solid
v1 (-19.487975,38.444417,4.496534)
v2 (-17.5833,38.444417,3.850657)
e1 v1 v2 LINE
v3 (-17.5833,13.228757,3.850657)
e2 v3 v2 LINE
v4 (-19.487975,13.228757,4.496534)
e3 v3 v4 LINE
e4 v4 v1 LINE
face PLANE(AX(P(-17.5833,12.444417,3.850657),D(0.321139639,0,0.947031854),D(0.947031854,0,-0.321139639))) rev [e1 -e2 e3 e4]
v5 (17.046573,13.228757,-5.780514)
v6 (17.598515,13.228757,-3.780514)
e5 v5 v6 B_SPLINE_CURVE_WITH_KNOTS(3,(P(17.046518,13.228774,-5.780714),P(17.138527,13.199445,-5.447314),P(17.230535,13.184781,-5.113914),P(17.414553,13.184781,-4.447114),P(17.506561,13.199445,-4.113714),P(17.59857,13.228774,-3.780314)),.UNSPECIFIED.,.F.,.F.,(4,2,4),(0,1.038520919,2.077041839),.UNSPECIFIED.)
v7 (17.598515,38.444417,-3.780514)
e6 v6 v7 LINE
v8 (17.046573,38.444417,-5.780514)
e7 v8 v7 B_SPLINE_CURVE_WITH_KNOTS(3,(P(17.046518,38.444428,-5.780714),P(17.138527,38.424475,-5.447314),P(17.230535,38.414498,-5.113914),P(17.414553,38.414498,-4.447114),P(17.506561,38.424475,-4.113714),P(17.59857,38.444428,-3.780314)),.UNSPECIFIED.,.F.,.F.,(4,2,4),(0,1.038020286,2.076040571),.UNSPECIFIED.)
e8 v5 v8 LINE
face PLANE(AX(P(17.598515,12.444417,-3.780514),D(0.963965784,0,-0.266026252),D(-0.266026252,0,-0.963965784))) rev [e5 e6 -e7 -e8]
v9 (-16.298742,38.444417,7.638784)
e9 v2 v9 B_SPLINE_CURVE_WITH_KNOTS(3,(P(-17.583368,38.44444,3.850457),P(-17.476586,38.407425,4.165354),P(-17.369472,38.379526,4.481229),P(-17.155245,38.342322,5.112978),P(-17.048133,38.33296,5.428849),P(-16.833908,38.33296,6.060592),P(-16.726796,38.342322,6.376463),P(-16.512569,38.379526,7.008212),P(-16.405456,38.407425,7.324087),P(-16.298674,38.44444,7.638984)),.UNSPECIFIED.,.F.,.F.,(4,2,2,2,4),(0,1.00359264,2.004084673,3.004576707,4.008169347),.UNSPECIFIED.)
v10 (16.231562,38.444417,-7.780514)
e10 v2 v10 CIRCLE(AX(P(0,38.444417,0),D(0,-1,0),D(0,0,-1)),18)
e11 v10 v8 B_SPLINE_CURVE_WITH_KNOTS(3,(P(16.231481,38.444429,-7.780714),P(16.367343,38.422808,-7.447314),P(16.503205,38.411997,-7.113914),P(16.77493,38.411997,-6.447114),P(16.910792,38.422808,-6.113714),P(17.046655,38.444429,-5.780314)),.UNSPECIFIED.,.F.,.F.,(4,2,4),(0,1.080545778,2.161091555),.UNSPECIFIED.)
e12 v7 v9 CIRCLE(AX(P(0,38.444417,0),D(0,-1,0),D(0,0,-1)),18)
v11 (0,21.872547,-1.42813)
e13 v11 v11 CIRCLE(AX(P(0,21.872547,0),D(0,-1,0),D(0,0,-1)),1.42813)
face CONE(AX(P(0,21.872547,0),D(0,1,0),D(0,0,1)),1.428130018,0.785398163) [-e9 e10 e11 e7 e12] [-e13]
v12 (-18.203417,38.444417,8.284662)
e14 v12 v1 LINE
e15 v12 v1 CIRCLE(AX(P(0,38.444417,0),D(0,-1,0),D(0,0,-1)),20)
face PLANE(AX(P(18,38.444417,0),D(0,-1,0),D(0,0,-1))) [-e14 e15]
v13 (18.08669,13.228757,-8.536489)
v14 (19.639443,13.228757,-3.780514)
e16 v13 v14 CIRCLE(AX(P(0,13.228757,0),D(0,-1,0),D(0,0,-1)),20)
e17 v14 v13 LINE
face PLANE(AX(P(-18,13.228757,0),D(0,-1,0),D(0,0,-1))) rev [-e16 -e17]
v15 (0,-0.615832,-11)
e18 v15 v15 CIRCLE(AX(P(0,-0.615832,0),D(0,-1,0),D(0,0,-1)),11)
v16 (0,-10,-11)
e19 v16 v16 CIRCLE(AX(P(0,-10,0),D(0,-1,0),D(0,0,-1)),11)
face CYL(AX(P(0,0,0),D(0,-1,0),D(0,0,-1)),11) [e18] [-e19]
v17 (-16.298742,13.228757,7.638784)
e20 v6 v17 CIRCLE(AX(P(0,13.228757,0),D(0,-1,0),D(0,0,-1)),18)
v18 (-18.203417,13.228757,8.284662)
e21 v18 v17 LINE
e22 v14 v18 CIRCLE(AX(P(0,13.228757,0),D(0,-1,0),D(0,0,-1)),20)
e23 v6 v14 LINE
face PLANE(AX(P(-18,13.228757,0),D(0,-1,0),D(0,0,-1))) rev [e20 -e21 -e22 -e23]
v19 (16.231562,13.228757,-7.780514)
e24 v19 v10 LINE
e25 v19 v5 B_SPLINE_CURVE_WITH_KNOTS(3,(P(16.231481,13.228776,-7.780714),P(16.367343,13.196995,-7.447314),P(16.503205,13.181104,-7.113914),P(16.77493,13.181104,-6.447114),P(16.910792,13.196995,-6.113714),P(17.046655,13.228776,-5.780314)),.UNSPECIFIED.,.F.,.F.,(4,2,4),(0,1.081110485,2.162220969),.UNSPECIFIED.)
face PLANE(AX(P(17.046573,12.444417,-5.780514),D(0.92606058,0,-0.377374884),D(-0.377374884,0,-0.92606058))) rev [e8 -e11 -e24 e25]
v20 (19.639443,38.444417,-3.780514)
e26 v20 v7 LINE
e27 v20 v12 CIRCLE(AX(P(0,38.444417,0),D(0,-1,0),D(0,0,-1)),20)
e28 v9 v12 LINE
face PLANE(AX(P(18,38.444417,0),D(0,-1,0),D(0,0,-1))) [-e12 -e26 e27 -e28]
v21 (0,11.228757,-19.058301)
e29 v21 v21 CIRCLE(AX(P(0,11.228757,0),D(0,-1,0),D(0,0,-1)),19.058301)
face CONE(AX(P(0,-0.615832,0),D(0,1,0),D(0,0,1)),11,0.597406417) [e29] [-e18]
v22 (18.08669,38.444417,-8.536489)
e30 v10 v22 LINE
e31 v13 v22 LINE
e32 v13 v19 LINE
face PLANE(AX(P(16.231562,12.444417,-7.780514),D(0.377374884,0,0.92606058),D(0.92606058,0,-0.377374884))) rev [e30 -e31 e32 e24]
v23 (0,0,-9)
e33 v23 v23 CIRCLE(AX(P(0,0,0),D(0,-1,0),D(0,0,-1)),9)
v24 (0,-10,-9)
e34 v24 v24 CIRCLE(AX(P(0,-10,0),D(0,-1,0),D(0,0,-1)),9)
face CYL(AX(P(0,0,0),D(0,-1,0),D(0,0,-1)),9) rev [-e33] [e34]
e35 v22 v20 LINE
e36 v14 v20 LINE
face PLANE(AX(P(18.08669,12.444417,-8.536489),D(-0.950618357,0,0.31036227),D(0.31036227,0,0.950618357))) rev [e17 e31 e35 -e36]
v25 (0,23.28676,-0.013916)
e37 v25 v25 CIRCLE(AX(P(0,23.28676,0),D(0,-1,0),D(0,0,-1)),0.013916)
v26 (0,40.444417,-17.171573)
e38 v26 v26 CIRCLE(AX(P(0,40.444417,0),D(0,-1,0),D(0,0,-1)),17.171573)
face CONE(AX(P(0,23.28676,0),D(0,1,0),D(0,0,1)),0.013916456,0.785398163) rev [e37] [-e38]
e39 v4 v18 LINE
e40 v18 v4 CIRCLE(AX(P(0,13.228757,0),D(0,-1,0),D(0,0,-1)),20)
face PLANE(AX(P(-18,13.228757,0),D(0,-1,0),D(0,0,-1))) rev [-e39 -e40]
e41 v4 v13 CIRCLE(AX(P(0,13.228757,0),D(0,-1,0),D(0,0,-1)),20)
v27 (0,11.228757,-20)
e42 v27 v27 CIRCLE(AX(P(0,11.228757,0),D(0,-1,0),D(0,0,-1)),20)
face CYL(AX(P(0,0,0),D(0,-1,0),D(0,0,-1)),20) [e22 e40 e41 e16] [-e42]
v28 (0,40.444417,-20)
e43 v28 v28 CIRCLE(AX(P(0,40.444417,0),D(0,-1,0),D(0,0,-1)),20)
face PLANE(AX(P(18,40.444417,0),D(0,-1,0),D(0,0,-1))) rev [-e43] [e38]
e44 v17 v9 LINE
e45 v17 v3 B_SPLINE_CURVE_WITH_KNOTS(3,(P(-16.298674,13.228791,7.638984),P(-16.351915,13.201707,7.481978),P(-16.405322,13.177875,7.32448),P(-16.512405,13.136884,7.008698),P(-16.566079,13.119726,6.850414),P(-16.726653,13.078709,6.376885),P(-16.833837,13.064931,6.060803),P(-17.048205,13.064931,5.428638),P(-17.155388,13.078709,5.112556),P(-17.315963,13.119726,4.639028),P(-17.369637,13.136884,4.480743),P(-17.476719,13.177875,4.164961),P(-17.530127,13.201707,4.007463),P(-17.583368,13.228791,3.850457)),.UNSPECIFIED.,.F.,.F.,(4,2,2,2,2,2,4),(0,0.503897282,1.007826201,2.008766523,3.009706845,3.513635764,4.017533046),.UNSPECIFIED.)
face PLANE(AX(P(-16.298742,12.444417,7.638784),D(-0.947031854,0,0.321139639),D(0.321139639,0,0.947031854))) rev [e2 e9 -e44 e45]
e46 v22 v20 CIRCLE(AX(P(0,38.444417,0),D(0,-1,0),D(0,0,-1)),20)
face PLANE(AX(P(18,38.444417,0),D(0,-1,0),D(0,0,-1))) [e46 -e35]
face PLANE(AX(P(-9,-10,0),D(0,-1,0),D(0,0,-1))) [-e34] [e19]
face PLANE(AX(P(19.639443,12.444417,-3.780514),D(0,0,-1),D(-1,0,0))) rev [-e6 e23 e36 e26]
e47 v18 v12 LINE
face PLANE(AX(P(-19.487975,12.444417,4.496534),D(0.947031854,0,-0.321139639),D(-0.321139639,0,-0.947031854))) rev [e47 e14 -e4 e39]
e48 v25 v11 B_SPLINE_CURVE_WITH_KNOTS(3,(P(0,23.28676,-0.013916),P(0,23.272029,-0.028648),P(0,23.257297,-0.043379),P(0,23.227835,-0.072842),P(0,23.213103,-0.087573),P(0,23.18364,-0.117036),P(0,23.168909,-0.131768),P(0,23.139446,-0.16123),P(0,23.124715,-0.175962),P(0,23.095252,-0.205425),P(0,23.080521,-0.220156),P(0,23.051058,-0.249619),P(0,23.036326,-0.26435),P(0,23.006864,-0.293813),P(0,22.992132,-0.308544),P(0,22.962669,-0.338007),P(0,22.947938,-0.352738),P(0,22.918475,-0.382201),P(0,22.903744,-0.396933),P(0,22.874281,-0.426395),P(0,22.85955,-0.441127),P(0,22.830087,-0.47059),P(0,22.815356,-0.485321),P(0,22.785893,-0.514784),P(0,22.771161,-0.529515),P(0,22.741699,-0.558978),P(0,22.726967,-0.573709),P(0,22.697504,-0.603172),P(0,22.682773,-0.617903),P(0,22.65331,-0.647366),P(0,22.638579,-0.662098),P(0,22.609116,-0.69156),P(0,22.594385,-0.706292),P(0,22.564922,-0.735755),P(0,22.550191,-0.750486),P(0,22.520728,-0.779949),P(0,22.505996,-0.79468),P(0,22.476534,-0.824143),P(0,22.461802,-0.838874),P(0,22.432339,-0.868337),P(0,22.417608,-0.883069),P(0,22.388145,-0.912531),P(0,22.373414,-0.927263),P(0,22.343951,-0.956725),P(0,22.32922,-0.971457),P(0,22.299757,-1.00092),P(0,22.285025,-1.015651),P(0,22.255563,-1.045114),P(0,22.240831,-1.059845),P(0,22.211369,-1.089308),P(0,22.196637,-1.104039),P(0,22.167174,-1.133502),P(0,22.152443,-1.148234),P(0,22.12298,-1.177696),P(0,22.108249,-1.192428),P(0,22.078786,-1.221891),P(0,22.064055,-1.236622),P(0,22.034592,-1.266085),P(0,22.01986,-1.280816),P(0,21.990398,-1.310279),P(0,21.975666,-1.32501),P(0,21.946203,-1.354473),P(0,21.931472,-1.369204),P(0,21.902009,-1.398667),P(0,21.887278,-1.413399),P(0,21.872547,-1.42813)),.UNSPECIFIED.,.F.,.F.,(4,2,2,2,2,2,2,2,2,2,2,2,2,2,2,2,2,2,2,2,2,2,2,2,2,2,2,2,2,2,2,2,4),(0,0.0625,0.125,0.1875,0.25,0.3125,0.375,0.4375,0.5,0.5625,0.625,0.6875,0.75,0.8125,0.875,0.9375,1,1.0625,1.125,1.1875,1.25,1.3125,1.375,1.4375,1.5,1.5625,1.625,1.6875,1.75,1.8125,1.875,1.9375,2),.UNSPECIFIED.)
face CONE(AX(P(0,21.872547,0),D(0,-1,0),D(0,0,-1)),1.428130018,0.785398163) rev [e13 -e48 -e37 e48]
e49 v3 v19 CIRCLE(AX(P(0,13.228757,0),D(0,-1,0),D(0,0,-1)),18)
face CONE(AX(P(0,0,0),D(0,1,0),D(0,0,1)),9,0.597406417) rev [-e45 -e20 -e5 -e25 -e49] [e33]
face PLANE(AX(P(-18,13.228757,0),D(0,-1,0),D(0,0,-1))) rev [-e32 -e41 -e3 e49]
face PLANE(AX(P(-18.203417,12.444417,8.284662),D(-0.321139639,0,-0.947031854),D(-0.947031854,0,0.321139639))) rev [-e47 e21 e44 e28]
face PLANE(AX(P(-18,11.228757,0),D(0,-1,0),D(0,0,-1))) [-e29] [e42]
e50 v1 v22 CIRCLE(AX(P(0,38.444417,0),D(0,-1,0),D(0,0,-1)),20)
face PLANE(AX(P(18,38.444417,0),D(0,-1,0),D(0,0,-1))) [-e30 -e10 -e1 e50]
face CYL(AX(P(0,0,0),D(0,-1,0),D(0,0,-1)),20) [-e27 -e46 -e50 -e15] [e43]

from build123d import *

# Parameters (mm, degrees)
BOSS_EXTRUDE1_DEPTH = 26


with BuildPart() as part:
    # Sketch1 → Revolve-Thin3 (revolve)
    with BuildSketch(Plane.XY, mode=Mode.PRIVATE) as revolve_thin3_sk:
        Polygon((-20, 13.228756555), (-18, 13.228756555), (-9, 0), (-9, -10), (-11, -10), (-11, -0.615831877), (-19.058300524, 11.228756555), (-20, 11.228756555), align=None)
    revolve(revolve_thin3_sk.sketch.rotate(Axis((0, 0, 0), (0, 1, 0)), 270), axis=Axis((0, 0, 0), (0, 1, 0)))



with BuildPart() as body_2:
    # Sketch5 → Revolve-Thin5 (revolve)
    with BuildSketch(Plane.XY, mode=Mode.PRIVATE) as revolve_thin5_sk:
        Polygon((1.428130018, 21.872546541), (18, 38.444416522), (20, 38.444416522), (20, 40.444416522), (17.171572875, 40.444416522), (0.013916456, 23.286760103), align=None)
    revolve(revolve_thin5_sk.sketch.rotate(Axis((0, 0, 0), (0, 1, 0)), 270), axis=Axis((0, 0, 0), (0, 1, 0)))


with BuildPart() as part_1:
    add(part.part)

    add(body_2.part)  # Boss-Extrude1 merges body 2
    # Sketch7 → Boss-Extrude1 (add)
    with BuildSketch(Plane.XZ.offset(-38.444416522)):
        Polygon((-18.203416664, 8.284661837), (-16.298741538, 7.638784214), (-17.583300095, 3.850656798), (-19.487975221, 4.496534421), align=None)
        Polygon((17.046573369, -5.780513503), (16.231562144, -7.780513503), (18.0866902, -8.536488599), (19.639442906, -3.780513503), (17.598514643, -3.780513503), align=None)
    extrude(amount=BOSS_EXTRUDE1_DEPTH)


solid = part_1.part
